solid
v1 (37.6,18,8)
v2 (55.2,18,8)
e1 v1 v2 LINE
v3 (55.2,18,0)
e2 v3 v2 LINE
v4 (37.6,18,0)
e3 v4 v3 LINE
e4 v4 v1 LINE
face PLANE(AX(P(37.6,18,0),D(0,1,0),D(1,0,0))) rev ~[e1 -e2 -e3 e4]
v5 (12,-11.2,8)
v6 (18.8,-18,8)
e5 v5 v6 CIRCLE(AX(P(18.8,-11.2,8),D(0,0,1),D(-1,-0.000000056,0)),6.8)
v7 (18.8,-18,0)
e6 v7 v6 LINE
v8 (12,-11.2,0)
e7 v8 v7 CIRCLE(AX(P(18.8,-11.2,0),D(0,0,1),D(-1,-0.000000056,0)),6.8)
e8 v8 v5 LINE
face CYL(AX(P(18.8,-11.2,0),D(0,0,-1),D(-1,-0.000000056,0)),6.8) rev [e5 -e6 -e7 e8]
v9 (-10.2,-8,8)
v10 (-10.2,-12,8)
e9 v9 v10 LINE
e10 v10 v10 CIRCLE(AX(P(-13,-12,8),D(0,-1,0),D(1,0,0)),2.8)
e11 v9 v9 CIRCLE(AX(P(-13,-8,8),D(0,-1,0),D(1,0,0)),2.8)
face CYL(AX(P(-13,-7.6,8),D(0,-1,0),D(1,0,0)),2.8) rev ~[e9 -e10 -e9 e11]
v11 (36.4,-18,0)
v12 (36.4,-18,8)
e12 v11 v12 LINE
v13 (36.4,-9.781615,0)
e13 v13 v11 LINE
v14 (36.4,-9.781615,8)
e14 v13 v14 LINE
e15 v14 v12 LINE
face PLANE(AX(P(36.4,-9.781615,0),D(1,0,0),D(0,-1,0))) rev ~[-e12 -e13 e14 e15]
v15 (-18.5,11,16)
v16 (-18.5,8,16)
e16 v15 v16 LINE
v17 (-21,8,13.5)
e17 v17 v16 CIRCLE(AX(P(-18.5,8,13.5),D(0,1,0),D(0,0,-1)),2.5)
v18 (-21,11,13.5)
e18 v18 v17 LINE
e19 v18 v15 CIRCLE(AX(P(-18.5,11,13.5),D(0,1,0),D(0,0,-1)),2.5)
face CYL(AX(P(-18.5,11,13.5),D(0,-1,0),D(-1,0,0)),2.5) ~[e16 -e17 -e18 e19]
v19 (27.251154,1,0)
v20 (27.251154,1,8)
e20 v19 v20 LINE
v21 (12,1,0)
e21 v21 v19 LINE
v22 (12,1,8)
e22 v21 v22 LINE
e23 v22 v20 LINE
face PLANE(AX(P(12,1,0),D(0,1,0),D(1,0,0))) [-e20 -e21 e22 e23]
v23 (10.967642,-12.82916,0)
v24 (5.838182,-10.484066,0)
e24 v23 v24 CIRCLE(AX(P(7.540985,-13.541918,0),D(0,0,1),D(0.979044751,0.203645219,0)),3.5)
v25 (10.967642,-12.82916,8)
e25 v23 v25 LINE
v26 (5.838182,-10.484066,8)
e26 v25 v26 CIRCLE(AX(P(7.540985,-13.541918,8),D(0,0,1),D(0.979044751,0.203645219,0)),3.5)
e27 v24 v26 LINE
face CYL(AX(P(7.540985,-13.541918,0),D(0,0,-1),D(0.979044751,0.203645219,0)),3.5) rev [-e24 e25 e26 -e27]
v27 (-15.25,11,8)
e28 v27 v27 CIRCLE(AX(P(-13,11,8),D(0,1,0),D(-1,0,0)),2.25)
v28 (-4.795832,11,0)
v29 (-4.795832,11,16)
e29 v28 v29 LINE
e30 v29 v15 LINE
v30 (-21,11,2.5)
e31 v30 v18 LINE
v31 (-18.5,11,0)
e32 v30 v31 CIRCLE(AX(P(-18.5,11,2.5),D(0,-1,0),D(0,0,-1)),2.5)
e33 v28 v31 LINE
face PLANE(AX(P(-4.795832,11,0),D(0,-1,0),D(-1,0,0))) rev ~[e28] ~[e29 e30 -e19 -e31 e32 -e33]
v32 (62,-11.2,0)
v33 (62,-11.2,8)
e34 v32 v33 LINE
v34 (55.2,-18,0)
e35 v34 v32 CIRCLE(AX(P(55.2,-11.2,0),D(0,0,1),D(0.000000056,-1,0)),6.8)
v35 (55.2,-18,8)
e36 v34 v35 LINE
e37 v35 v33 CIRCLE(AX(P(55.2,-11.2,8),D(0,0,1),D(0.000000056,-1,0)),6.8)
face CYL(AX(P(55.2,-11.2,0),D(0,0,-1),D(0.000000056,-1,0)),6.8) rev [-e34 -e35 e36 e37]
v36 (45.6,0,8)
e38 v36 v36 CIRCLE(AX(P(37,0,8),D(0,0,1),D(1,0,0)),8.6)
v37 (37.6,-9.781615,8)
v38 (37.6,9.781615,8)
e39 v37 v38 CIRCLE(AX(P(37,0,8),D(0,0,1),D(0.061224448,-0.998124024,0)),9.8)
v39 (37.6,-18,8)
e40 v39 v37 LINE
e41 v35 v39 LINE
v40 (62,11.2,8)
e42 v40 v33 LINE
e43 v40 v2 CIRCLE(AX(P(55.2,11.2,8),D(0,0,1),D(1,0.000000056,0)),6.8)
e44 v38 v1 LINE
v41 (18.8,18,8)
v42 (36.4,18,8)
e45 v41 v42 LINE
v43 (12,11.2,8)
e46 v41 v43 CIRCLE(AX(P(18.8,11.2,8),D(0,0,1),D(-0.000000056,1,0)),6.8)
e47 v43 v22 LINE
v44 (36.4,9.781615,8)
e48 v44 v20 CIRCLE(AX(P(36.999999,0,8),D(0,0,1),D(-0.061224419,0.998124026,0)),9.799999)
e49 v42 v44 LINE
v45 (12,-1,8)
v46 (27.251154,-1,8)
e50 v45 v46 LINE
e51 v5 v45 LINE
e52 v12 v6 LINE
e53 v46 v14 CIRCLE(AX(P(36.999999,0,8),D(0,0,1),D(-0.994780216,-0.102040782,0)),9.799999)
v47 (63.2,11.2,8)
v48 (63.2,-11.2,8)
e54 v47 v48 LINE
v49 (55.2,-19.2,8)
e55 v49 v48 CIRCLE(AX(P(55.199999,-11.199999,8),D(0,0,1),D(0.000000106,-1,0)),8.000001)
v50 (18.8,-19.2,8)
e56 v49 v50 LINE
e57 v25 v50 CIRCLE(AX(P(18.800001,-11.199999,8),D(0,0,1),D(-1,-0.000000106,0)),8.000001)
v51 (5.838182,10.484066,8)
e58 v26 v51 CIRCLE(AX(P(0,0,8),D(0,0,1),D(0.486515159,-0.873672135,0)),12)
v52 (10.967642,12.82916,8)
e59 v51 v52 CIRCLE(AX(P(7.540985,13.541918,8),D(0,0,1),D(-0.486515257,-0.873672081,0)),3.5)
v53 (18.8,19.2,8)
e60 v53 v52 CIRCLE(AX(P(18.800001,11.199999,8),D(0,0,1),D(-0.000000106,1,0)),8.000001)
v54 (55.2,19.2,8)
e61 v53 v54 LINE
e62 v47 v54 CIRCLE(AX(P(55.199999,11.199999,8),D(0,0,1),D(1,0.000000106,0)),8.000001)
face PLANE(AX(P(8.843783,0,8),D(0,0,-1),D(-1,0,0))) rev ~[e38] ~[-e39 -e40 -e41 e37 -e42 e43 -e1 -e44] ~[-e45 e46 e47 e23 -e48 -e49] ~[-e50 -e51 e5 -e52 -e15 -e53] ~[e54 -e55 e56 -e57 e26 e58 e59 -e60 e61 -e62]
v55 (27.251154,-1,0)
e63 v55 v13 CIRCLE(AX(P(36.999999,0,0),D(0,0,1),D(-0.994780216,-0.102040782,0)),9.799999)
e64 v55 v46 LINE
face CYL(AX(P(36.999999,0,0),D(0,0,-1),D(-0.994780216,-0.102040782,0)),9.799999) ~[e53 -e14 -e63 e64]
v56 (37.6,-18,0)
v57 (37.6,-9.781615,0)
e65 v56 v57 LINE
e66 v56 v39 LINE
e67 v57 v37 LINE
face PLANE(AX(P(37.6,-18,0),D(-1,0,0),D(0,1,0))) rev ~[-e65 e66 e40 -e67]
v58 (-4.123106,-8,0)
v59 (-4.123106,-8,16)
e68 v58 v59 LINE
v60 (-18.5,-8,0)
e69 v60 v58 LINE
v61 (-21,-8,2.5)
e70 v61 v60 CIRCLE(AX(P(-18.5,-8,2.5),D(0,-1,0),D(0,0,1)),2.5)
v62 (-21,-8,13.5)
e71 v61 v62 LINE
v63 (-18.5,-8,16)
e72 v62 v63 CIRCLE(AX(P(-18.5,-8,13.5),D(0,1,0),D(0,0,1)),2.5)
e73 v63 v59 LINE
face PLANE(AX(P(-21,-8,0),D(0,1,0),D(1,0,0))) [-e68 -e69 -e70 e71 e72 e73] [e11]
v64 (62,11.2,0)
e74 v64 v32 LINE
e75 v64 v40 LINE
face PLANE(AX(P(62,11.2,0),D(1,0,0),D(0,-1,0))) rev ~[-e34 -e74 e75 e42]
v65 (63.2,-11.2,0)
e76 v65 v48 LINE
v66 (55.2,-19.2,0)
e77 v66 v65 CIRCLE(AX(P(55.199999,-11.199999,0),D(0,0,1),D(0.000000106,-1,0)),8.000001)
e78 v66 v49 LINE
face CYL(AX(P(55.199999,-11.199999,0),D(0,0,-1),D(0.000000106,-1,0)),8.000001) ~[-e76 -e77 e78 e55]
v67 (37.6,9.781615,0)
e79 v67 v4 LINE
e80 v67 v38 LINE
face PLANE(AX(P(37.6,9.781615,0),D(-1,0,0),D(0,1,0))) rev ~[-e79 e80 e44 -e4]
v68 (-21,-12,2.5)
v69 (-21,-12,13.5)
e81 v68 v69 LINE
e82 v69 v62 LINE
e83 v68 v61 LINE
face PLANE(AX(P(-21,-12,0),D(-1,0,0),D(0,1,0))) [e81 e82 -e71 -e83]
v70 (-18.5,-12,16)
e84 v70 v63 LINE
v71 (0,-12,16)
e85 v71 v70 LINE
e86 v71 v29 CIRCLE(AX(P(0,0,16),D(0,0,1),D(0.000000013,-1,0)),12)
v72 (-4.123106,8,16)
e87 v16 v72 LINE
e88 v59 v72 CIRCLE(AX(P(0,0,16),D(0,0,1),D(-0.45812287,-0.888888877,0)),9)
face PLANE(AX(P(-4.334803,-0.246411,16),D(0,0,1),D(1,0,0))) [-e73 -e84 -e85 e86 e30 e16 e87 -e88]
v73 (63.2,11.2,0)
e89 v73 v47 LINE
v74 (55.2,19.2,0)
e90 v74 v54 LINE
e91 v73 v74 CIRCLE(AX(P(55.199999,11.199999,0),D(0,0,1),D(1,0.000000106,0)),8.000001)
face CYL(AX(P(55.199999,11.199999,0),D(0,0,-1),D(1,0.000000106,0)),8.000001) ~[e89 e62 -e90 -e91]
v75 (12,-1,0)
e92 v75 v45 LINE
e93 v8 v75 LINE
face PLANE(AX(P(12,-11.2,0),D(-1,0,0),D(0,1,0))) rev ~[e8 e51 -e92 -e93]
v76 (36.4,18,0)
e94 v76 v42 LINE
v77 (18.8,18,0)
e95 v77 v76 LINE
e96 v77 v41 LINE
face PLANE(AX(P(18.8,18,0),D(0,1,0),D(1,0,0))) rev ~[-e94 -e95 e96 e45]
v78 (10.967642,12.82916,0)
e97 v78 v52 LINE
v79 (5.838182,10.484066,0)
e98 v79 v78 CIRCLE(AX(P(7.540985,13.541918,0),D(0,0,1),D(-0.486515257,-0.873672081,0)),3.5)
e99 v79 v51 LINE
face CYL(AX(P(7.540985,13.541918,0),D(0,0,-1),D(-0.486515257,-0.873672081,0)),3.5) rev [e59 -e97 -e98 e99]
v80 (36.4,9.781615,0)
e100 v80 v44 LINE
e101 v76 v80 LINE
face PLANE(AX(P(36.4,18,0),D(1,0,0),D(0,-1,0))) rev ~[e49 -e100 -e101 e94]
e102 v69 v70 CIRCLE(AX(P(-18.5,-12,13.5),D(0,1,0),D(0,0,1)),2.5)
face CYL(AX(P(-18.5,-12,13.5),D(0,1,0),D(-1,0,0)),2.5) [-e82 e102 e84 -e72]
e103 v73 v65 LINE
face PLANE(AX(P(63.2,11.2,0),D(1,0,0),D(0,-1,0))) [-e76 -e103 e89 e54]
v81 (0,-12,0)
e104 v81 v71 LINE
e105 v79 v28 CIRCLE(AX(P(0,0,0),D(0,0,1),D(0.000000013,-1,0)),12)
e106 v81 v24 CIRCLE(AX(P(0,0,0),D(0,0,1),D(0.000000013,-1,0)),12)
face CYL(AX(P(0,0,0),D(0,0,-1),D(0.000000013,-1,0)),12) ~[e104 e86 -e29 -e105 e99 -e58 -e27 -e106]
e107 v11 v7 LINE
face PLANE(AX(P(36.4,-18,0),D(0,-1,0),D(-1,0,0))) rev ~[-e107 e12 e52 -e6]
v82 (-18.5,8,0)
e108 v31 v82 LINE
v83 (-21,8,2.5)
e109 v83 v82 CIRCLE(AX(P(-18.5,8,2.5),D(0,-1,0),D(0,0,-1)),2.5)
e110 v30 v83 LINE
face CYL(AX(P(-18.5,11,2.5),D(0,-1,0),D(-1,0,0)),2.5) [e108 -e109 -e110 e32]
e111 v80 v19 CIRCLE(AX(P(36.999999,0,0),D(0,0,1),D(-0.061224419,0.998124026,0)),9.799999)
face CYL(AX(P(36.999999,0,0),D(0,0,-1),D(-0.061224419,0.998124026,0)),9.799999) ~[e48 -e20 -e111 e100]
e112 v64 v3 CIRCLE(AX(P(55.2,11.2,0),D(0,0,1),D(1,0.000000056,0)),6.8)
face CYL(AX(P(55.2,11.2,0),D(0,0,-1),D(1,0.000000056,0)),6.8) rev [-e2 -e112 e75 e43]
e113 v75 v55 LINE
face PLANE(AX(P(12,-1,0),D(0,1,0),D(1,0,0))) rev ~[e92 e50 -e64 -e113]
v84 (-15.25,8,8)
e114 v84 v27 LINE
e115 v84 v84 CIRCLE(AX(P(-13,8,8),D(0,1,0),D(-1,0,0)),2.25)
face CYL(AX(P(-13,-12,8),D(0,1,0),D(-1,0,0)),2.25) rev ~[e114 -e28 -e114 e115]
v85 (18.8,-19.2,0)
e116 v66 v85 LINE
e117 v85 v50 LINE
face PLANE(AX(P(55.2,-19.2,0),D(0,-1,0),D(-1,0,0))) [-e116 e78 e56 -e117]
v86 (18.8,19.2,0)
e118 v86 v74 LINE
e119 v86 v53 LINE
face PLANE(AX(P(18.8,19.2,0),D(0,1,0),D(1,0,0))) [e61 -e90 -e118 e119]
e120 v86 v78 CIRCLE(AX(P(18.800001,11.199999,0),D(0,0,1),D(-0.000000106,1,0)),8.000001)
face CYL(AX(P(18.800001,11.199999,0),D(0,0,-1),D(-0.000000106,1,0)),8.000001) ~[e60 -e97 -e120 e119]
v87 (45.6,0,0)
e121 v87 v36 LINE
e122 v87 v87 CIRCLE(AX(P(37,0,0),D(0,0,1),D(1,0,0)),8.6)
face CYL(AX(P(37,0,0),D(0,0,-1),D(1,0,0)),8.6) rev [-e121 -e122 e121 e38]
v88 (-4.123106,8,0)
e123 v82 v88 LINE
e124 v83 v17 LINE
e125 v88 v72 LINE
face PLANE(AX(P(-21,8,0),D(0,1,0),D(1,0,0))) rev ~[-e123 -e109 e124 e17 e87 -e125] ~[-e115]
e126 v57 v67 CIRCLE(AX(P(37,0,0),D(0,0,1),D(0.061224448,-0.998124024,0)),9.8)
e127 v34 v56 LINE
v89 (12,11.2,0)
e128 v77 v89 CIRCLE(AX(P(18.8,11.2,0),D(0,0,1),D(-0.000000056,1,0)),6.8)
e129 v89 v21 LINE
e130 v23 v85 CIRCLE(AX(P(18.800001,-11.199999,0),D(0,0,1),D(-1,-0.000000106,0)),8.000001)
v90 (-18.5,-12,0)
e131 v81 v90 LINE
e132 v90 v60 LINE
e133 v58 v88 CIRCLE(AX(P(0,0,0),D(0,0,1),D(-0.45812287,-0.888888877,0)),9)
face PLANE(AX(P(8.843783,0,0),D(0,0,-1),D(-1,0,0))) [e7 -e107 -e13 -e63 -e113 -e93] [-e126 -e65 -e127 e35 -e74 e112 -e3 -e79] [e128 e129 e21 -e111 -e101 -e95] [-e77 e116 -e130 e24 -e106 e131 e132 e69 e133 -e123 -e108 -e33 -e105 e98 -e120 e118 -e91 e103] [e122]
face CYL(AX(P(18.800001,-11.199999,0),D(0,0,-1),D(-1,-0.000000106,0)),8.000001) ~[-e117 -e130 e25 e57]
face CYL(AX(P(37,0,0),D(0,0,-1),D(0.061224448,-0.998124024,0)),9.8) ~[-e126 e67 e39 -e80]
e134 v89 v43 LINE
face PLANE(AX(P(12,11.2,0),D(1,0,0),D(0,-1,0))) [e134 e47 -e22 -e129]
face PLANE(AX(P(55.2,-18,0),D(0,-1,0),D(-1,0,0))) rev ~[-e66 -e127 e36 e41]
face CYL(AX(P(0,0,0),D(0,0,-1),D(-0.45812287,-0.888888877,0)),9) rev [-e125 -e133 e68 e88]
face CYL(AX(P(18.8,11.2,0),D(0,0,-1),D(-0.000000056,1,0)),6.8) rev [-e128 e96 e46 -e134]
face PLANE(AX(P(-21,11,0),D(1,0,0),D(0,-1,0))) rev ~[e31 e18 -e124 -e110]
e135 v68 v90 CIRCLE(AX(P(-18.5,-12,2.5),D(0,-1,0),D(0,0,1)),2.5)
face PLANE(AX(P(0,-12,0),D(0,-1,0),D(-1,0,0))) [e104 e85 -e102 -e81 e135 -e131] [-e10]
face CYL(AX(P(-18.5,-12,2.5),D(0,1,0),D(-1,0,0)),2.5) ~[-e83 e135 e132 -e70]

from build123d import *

# Parameters (mm, degrees)
PAD005_DEPTH        = 16
FILLET004_R         = 2.5
HOLE005_D           = 4.5
HOLE005_CBORE_D     = 5.6
HOLE005_CBORE_DEPTH = 4.4
SKETCH025_R         = 8.6
PAD007_DEPTH        = 8
PAD008_DEPTH        = 8


with BuildPart() as part:
    # Sketch021 → Pad005 (new body)
    with BuildSketch(Plane.XY):
        with BuildLine():
            Line((-4.795832, 11), (-21, 11))
            Line((-21, 11), (-21, 8))
            Line((-21, 8), (-4.123106, 8))
            ThreePointArc((-4.123106, -8), (9, 0), (-4.123106, 8))
            Line((-21, -8), (-4.123106, -8))
            Line((-21, -12), (-21, -8))
            Line((0, -12), (-21, -12))
            ThreePointArc((0, -12), (11.74734, 2.44949), (-4.795832, 11))
        make_face()
    extrude(amount=PAD005_DEPTH)

    # Fillet004
    fillet004_edges = [part.edges().sort_by_distance(p)[0] for p in [
        (-21, 9.5, 0),
        (-21, 9.5, 16),
        (-21, -10, 16),
        (-21, -10, 0),
    ]]
    fillet(fillet004_edges, radius=FILLET004_R)

    # Hole005 (through all)
    with Locations(Plane.XZ.offset(12)):
        with Locations((-13, 8)):
            CounterBoreHole(HOLE005_D / 2, HOLE005_CBORE_D / 2, HOLE005_CBORE_DEPTH)

    # Sketch025 → Pad007 (join)
    with BuildSketch(Plane.XY):
        with BuildLine():
            ThreePointArc((18.8, 19.2), (13.143146, 16.856854), (10.8, 11.2))
            Line((10.8, -11.2), (10.8, 11.2))
            ThreePointArc((10.8, -11.2), (13.143146, -16.856854), (18.8, -19.2))
            Line((55.2, -19.2), (18.8, -19.2))
            ThreePointArc((55.2, -19.2), (60.856854, -16.856854), (63.2, -11.2))
            Line((63.2, 11.2), (63.2, -11.2))
            ThreePointArc((63.2, 11.2), (60.856854, 16.856854), (55.2, 19.2))
            Line((18.8, 19.2), (55.2, 19.2))
        make_face()
        with Locations((37, 0)):
            Circle(SKETCH025_R, mode=Mode.SUBTRACT)
        with BuildLine():
            ThreePointArc((18.8, 18), (13.991674, 16.008326), (12, 11.2))
            Line((12, 11.2), (12, 1))
            Line((12, 1), (27.251154, 1))
            ThreePointArc((36.4, 9.781615), (30.213702, 7.070089), (27.251154, 1))
            Line((36.4, 18), (36.4, 9.781615))
            Line((18.8, 18), (36.4, 18))
        make_face(mode=Mode.SUBTRACT)
        with BuildLine():
            ThreePointArc((62, 11.2), (60.008326, 16.008326), (55.2, 18))
            Line((37.6, 18), (55.2, 18))
            Line((37.6, 9.781615), (37.6, 18))
            ThreePointArc((37.6, -9.781615), (46.8, 0), (37.6, 9.781615))
            Line((37.6, -18), (37.6, -9.781615))
            Line((55.2, -18), (37.6, -18))
            ThreePointArc((55.2, -18), (60.008326, -16.008326), (62, -11.2))
            Line((62, 11.2), (62, -11.2))
        make_face(mode=Mode.SUBTRACT)
        with BuildLine():
            ThreePointArc((12, -11.2), (13.991674, -16.008326), (18.8, -18))
            Line((36.4, -18), (18.8, -18))
            Line((36.4, -9.781615), (36.4, -18))
            ThreePointArc((27.251154, -1), (30.213702, -7.070089), (36.4, -9.781615))
            Line((12, -1), (27.251154, -1))
            Line((12, -11.2), (12, -1))
        make_face(mode=Mode.SUBTRACT)
    extrude(amount=PAD007_DEPTH)

    # Sketch026 → Pad008 (join)
    with BuildSketch(Plane.XY):
        with BuildLine():
            ThreePointArc((5.838182, 10.484066), (8.996246, 10.358804), (10.967642, 12.82916))
            Line((10.967642, 12.82916), (10.967642, -12.82916))
            ThreePointArc((10.967642, -12.82916), (8.996246, -10.358804), (5.838182, -10.484066))
            Line((5.838182, -10.484066), (4.427288, -7.950416))
            ThreePointArc((4.427288, -7.950416), (9.1, 0), (4.427288, 7.950416))
            Line((5.838182, 10.484066), (4.427288, 7.950416))
        make_face()
    extrude(amount=PAD008_DEPTH)


solid = part.part
